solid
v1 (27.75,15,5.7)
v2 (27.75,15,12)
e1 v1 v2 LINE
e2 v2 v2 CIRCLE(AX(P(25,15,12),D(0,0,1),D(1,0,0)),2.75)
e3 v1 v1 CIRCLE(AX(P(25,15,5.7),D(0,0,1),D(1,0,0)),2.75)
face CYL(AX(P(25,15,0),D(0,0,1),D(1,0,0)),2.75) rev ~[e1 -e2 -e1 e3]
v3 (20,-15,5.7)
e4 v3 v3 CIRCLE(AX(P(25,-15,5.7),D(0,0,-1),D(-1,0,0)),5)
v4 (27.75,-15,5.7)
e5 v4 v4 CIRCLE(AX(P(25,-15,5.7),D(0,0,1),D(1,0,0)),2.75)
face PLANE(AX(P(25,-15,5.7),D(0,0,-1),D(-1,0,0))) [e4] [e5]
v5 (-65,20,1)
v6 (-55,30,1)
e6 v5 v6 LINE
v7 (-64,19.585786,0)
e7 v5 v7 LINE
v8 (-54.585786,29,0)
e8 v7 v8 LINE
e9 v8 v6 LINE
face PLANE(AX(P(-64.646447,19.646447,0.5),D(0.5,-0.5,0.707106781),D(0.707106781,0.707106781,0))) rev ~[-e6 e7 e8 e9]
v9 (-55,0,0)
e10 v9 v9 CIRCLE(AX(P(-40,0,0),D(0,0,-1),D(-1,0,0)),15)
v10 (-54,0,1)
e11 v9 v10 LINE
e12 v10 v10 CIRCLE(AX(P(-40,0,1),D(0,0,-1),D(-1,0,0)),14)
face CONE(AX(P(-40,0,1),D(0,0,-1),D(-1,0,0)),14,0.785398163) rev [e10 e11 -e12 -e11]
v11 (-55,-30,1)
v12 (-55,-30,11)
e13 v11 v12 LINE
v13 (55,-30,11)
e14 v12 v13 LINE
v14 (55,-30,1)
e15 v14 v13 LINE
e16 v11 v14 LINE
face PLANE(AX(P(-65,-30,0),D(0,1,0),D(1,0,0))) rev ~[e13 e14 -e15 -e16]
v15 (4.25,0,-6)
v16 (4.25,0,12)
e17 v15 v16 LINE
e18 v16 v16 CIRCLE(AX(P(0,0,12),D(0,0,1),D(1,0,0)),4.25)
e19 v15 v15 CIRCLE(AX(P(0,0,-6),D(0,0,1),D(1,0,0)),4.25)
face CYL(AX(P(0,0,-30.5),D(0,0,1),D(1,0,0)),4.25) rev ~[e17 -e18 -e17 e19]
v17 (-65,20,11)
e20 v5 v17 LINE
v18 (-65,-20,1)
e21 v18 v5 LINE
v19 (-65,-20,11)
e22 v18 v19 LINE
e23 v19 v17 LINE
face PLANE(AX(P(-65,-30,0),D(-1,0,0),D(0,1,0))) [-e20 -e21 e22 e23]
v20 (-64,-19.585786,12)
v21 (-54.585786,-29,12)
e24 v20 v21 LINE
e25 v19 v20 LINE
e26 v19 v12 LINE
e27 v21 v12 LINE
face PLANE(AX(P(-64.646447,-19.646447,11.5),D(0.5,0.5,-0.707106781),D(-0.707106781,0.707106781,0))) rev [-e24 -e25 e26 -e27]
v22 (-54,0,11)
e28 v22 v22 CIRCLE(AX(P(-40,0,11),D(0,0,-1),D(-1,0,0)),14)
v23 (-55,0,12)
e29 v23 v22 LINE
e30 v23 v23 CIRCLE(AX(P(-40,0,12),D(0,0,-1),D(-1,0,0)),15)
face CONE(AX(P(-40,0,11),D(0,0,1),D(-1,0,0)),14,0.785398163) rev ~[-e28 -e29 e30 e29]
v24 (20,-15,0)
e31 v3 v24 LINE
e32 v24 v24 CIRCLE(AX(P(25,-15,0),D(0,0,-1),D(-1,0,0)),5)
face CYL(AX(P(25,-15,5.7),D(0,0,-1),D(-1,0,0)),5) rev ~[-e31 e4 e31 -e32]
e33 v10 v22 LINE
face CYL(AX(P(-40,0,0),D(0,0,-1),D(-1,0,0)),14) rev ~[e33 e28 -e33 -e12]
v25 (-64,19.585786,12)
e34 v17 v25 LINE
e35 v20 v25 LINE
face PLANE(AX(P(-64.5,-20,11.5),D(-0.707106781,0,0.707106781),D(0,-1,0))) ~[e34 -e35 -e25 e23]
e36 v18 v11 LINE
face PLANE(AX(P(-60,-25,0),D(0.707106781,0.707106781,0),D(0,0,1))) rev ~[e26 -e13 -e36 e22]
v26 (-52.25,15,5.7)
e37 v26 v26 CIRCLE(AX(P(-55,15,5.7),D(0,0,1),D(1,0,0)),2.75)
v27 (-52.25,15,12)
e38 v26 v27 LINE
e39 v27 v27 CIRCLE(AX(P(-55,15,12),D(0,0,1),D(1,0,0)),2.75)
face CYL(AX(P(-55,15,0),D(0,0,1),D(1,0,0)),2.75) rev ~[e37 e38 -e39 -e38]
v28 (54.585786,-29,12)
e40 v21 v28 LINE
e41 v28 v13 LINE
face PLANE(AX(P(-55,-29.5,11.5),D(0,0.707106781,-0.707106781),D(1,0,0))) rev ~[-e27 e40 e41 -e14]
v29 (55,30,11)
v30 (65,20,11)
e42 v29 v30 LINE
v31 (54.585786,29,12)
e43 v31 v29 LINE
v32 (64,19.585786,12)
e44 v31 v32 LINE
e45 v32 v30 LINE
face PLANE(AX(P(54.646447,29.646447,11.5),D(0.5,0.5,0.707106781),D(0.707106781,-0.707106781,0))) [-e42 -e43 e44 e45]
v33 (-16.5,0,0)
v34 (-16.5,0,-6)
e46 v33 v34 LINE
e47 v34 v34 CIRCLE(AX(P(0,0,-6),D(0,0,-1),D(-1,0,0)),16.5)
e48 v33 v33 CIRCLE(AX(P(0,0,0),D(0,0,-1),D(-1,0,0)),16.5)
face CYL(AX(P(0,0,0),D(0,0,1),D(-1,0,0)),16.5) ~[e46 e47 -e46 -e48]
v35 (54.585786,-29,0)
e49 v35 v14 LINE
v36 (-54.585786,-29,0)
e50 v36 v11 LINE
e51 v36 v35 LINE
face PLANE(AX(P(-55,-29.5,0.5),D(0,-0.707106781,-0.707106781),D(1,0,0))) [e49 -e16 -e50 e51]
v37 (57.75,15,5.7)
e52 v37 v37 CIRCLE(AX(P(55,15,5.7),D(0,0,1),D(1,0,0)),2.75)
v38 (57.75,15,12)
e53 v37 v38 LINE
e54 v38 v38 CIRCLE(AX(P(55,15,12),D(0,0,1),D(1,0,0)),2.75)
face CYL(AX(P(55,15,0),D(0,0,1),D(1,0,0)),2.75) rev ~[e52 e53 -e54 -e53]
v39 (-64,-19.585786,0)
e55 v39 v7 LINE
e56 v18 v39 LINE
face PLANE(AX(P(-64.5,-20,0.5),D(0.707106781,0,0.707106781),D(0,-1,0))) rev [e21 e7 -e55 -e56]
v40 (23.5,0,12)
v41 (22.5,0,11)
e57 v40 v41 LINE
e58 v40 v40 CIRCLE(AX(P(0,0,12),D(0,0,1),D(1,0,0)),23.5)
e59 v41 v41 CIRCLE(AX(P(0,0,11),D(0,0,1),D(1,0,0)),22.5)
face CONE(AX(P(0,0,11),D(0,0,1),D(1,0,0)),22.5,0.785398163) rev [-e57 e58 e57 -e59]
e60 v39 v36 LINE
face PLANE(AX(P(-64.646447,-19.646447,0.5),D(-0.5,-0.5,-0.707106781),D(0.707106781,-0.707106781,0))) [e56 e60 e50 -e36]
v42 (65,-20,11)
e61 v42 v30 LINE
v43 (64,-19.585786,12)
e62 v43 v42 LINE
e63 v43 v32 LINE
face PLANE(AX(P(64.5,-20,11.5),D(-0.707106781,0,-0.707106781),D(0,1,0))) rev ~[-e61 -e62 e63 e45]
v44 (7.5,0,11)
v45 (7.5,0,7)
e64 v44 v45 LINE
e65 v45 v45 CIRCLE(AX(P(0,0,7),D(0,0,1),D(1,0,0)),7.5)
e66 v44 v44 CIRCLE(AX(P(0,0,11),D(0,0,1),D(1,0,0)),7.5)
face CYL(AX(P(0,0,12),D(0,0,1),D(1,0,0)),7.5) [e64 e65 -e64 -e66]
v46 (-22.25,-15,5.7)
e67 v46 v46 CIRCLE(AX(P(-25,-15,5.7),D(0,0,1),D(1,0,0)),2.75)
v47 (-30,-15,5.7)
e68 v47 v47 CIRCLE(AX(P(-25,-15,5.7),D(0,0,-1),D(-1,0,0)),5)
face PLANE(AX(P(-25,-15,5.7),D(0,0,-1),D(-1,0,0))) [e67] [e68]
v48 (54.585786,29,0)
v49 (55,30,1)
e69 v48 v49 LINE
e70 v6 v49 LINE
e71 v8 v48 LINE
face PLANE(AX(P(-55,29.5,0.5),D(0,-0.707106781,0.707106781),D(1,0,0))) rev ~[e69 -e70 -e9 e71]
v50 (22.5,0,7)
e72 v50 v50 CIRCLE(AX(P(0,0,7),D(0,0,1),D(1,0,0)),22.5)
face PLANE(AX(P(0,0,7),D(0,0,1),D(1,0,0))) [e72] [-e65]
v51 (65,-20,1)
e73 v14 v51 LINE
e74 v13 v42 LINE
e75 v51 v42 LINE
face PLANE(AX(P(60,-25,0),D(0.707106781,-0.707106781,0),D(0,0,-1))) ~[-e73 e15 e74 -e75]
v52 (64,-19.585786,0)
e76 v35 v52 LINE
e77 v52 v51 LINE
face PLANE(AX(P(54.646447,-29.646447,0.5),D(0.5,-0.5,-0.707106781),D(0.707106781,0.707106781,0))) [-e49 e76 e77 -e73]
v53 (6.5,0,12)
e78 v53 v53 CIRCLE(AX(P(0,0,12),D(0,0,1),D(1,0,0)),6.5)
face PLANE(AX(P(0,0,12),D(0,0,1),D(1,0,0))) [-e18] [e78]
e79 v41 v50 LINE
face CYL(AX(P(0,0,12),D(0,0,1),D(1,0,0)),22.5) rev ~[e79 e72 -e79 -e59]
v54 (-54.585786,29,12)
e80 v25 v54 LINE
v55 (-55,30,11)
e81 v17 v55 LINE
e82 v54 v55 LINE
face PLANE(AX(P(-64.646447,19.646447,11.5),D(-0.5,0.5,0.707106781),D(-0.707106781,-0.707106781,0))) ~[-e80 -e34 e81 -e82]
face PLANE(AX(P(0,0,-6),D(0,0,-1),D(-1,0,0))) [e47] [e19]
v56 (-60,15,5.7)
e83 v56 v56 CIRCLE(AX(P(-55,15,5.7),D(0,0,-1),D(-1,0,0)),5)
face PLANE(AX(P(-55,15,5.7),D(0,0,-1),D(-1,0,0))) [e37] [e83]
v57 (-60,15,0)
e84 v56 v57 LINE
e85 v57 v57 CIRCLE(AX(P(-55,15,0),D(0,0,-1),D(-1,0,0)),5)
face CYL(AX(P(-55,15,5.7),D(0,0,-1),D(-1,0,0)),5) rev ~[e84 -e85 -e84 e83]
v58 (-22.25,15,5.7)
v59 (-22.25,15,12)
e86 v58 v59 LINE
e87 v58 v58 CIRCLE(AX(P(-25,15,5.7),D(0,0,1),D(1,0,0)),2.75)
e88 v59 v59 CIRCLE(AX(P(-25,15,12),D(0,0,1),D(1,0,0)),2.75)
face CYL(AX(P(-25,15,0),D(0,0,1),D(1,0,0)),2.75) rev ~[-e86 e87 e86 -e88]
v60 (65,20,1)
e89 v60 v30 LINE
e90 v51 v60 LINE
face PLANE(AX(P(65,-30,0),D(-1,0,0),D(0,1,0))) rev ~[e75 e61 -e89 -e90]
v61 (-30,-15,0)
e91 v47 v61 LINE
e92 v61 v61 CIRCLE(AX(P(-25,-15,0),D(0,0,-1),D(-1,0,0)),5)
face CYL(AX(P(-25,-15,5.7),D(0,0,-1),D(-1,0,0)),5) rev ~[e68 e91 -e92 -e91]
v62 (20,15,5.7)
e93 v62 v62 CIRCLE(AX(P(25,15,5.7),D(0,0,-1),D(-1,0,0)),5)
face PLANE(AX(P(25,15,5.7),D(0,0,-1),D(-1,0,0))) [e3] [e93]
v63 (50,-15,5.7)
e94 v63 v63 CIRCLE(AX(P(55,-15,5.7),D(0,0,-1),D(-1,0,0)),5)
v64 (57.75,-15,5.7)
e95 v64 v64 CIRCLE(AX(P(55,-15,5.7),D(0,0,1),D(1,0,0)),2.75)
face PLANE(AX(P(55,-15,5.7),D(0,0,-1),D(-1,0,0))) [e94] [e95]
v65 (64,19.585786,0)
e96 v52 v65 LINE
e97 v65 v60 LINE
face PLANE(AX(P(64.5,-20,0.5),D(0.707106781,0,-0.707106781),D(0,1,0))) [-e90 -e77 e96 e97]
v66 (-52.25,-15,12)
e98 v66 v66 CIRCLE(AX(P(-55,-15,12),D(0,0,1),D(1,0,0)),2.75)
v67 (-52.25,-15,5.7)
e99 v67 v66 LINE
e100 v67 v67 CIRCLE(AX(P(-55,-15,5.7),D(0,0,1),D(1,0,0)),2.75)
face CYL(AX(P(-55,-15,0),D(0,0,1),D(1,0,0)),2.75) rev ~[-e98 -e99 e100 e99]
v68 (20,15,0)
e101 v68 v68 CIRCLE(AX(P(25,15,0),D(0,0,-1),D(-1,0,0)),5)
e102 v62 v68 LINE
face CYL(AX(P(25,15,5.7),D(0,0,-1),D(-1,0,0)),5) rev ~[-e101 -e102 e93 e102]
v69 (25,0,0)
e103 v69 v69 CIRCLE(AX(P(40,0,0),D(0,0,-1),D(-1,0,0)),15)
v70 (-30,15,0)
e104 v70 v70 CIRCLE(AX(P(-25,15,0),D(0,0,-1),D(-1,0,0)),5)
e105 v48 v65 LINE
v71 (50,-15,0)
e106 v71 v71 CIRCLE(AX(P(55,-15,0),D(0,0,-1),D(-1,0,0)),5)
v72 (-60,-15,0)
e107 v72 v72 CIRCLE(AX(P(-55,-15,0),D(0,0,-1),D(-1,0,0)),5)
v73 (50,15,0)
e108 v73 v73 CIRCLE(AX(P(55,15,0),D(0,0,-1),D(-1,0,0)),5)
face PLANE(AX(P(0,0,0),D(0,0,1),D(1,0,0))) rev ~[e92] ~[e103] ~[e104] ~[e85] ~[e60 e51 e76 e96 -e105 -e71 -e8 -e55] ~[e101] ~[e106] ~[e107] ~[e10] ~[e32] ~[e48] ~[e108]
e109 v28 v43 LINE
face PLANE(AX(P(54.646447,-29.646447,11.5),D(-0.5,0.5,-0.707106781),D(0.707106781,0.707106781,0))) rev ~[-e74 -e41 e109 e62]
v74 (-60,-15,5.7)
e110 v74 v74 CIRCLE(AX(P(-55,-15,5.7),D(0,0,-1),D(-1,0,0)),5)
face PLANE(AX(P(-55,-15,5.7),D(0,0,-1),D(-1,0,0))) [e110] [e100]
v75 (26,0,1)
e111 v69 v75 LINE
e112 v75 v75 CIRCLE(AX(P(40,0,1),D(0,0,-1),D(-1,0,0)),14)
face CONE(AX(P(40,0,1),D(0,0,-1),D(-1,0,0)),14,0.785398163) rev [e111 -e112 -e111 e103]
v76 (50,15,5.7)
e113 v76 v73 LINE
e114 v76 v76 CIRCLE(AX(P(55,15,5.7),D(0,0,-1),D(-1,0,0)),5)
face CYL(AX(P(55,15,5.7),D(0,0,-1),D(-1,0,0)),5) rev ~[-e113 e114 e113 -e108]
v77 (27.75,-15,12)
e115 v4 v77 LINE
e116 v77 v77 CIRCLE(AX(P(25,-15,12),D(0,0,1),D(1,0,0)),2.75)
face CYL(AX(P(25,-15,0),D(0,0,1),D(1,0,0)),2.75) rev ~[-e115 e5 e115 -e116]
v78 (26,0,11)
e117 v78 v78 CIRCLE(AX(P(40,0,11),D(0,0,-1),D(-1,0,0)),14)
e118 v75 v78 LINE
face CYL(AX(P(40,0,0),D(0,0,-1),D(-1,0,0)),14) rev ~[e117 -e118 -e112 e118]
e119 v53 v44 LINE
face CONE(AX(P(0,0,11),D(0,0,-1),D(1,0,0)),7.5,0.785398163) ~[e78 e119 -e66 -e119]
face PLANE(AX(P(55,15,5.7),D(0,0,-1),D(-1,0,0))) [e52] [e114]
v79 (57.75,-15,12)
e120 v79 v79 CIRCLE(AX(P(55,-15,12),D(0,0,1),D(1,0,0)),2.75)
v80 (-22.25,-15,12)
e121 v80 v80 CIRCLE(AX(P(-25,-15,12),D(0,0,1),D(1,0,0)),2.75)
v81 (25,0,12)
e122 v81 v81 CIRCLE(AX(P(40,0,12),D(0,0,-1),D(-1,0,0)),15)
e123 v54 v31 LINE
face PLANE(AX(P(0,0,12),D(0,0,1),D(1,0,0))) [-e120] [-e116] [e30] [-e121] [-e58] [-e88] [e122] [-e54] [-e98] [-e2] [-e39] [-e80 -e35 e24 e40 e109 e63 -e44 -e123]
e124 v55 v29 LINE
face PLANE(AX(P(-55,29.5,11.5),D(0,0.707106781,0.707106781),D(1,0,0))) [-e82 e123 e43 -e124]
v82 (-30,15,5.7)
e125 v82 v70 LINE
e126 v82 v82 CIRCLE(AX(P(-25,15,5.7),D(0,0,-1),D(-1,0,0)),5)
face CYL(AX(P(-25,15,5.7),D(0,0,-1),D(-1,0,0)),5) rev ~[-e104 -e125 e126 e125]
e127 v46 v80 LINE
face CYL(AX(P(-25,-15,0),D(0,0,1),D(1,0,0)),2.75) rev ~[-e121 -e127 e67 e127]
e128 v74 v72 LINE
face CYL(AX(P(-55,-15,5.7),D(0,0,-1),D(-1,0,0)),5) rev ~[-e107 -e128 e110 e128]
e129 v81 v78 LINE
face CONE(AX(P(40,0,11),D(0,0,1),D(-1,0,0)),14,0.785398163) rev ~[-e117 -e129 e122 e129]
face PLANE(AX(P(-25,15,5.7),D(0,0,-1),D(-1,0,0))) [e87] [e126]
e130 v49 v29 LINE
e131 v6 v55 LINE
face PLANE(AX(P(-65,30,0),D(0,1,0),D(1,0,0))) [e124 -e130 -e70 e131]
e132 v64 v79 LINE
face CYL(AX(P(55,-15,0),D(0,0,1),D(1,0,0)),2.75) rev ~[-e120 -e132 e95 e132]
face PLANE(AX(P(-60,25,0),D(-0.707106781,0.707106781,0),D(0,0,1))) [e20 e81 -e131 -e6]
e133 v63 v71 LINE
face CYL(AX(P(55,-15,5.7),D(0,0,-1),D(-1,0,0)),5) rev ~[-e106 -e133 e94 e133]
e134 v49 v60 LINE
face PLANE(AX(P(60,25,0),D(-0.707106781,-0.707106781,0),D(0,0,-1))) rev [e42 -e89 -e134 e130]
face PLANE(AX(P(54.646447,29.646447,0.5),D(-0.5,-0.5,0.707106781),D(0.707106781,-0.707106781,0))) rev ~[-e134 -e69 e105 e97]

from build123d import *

# Parameters (mm, degrees)
SKETCH_1_W                = 130
SKETCH_1_H                = 60
EXTRUDE_1_DEPTH           = 12
SKETCH_4_R                = 16.5
EXTRUDE_2_DEPTH           = 6
HOLE_WIZARD_M10_1_D       = 8.5
HOLE_WIZARD_M10_1_DEPTH   = 24.5
HOLE_WIZARD_M10_1_TIP     = 2.553657631
HOLE_WIZARD_1_D           = 5.5
HOLE_WIZARD_1_DEPTH       = 15
HOLE_WIZARD_1_CBORE_D     = 10
HOLE_WIZARD_1_CBORE_DEPTH = 5.7
HOLE_WIZARD_1_TIP         = 1.652366702
CHAMFER_1_SIZE            = 10
CHAMFER_2_SIZE            = 1
SKETCH_7_R                = 14
CUT_EXTRUDE_1_DEPTH       = 73.587877776
CHAMFER_3_SIZE            = 1
SKETCH_8_R                = 22.5
SKETCH_8_R_2              = 7.5
CUT_EXTRUDE_2_DEPTH       = 5
CHAMFER_4_SIZE            = 1


with BuildPart() as part:
    # 草图1 → 凸台-拉伸1 (new body)
    with BuildSketch(Plane.XY):
        Rectangle(SKETCH_1_W, SKETCH_1_H)
    extrude(amount=EXTRUDE_1_DEPTH)

    # 草图4 → 凸台-拉伸2 (add)
    with BuildSketch(Plane(origin=(0, 0, 0), x_dir=(-1, 0, 0), z_dir=(0, 0, -1))):
        Circle(SKETCH_4_R)
    extrude(amount=EXTRUDE_2_DEPTH)

    # M10 螺纹孔1
    with Locations(Plane(origin=(0, 0, -6), x_dir=(-1, 0, 0), z_dir=(0, 0, -1))):
        with Locations((0, 0)):
            Hole(HOLE_WIZARD_M10_1_D / 2, depth=HOLE_WIZARD_M10_1_DEPTH)
            with Locations((0, 0, -(HOLE_WIZARD_M10_1_DEPTH + HOLE_WIZARD_M10_1_TIP / 2))):  # 118° drill point
                Cone(0, HOLE_WIZARD_M10_1_D / 2, HOLE_WIZARD_M10_1_TIP, mode=Mode.SUBTRACT)

    # 打孔尺寸(%根据)内六角圆柱头螺钉的类型1
    with Locations(Plane(origin=(0, 0, 0), x_dir=(-1, 0, 0), z_dir=(0, 0, -1))):
        with Locations((-55, 15), (-55, -15), (-25, 15), (-25, -15), (55, -15), (25, 15), (25, -15), (55, 15)):
            CounterBoreHole(HOLE_WIZARD_1_D / 2, HOLE_WIZARD_1_CBORE_D / 2, HOLE_WIZARD_1_CBORE_DEPTH, depth=HOLE_WIZARD_1_DEPTH)
            with Locations((0, 0, -(HOLE_WIZARD_1_DEPTH + HOLE_WIZARD_1_TIP / 2))):  # 118° drill point
                Cone(0, HOLE_WIZARD_1_D / 2, HOLE_WIZARD_1_TIP, mode=Mode.SUBTRACT)

    # 倒角1
    chamfer_1_edges = [part.edges().sort_by_distance(p)[0] for p in [
        (65, -30, 6),
        (-65, -30, 6),
        (-65, 30, 6),
        (65, 30, 6),
    ]]
    chamfer(chamfer_1_edges, length=CHAMFER_1_SIZE)

    # 倒角2
    chamfer_2_edges = [part.edges().sort_by_distance(p)[0] for p in [
        (0, -30, 0),
        (0, -30, 12),
        (65, 0, 0),
        (-65, 0, 0),
        (0, 30, 0),
        (60, 25, 0),
        (60, -25, 0),
        (-60, 25, 0),
        (-60, -25, 0),
        (-65, 0, 12),
        (65, 0, 12),
        (0, 30, 12),
        (60, 25, 12),
        (60, -25, 12),
        (-60, 25, 12),
        (-60, -25, 12),
    ]]
    chamfer(chamfer_2_edges, length=CHAMFER_2_SIZE)

    # 草图7 → 切除-拉伸1 (cut, through all)
    with BuildSketch(Plane(origin=(0, 0, 0), x_dir=(-1, 0, 0), z_dir=(0, 0, -1))):
        with Locations((-40, 0)):
            Circle(SKETCH_7_R)
        with Locations((40, 0)):
            Circle(SKETCH_7_R)
    extrude(amount=-CUT_EXTRUDE_1_DEPTH, mode=Mode.SUBTRACT)

    # 倒角3
    chamfer_3_edges = [part.edges().sort_by_distance(p)[0] for p in [
        (54, 0, 12),
        (54, 0, 0),
        (-26, 0, 12),
        (-26, 0, 0),
    ]]
    chamfer(chamfer_3_edges, length=CHAMFER_3_SIZE)

    # 草图8 → 切除-拉伸2 (cut)
    with BuildSketch(Plane.XY.offset(12)):
        Circle(SKETCH_8_R)
        Circle(SKETCH_8_R_2, mode=Mode.SUBTRACT)
    extrude(amount=-CUT_EXTRUDE_2_DEPTH, mode=Mode.SUBTRACT)

    # 倒角4
    chamfer_4_edges = [part.edges().sort_by_distance(p)[0] for p in [
        (-22.5, 0, 12),
        (-7.5, 0, 12),
    ]]
    chamfer(chamfer_4_edges, length=CHAMFER_4_SIZE)


solid = part.part
